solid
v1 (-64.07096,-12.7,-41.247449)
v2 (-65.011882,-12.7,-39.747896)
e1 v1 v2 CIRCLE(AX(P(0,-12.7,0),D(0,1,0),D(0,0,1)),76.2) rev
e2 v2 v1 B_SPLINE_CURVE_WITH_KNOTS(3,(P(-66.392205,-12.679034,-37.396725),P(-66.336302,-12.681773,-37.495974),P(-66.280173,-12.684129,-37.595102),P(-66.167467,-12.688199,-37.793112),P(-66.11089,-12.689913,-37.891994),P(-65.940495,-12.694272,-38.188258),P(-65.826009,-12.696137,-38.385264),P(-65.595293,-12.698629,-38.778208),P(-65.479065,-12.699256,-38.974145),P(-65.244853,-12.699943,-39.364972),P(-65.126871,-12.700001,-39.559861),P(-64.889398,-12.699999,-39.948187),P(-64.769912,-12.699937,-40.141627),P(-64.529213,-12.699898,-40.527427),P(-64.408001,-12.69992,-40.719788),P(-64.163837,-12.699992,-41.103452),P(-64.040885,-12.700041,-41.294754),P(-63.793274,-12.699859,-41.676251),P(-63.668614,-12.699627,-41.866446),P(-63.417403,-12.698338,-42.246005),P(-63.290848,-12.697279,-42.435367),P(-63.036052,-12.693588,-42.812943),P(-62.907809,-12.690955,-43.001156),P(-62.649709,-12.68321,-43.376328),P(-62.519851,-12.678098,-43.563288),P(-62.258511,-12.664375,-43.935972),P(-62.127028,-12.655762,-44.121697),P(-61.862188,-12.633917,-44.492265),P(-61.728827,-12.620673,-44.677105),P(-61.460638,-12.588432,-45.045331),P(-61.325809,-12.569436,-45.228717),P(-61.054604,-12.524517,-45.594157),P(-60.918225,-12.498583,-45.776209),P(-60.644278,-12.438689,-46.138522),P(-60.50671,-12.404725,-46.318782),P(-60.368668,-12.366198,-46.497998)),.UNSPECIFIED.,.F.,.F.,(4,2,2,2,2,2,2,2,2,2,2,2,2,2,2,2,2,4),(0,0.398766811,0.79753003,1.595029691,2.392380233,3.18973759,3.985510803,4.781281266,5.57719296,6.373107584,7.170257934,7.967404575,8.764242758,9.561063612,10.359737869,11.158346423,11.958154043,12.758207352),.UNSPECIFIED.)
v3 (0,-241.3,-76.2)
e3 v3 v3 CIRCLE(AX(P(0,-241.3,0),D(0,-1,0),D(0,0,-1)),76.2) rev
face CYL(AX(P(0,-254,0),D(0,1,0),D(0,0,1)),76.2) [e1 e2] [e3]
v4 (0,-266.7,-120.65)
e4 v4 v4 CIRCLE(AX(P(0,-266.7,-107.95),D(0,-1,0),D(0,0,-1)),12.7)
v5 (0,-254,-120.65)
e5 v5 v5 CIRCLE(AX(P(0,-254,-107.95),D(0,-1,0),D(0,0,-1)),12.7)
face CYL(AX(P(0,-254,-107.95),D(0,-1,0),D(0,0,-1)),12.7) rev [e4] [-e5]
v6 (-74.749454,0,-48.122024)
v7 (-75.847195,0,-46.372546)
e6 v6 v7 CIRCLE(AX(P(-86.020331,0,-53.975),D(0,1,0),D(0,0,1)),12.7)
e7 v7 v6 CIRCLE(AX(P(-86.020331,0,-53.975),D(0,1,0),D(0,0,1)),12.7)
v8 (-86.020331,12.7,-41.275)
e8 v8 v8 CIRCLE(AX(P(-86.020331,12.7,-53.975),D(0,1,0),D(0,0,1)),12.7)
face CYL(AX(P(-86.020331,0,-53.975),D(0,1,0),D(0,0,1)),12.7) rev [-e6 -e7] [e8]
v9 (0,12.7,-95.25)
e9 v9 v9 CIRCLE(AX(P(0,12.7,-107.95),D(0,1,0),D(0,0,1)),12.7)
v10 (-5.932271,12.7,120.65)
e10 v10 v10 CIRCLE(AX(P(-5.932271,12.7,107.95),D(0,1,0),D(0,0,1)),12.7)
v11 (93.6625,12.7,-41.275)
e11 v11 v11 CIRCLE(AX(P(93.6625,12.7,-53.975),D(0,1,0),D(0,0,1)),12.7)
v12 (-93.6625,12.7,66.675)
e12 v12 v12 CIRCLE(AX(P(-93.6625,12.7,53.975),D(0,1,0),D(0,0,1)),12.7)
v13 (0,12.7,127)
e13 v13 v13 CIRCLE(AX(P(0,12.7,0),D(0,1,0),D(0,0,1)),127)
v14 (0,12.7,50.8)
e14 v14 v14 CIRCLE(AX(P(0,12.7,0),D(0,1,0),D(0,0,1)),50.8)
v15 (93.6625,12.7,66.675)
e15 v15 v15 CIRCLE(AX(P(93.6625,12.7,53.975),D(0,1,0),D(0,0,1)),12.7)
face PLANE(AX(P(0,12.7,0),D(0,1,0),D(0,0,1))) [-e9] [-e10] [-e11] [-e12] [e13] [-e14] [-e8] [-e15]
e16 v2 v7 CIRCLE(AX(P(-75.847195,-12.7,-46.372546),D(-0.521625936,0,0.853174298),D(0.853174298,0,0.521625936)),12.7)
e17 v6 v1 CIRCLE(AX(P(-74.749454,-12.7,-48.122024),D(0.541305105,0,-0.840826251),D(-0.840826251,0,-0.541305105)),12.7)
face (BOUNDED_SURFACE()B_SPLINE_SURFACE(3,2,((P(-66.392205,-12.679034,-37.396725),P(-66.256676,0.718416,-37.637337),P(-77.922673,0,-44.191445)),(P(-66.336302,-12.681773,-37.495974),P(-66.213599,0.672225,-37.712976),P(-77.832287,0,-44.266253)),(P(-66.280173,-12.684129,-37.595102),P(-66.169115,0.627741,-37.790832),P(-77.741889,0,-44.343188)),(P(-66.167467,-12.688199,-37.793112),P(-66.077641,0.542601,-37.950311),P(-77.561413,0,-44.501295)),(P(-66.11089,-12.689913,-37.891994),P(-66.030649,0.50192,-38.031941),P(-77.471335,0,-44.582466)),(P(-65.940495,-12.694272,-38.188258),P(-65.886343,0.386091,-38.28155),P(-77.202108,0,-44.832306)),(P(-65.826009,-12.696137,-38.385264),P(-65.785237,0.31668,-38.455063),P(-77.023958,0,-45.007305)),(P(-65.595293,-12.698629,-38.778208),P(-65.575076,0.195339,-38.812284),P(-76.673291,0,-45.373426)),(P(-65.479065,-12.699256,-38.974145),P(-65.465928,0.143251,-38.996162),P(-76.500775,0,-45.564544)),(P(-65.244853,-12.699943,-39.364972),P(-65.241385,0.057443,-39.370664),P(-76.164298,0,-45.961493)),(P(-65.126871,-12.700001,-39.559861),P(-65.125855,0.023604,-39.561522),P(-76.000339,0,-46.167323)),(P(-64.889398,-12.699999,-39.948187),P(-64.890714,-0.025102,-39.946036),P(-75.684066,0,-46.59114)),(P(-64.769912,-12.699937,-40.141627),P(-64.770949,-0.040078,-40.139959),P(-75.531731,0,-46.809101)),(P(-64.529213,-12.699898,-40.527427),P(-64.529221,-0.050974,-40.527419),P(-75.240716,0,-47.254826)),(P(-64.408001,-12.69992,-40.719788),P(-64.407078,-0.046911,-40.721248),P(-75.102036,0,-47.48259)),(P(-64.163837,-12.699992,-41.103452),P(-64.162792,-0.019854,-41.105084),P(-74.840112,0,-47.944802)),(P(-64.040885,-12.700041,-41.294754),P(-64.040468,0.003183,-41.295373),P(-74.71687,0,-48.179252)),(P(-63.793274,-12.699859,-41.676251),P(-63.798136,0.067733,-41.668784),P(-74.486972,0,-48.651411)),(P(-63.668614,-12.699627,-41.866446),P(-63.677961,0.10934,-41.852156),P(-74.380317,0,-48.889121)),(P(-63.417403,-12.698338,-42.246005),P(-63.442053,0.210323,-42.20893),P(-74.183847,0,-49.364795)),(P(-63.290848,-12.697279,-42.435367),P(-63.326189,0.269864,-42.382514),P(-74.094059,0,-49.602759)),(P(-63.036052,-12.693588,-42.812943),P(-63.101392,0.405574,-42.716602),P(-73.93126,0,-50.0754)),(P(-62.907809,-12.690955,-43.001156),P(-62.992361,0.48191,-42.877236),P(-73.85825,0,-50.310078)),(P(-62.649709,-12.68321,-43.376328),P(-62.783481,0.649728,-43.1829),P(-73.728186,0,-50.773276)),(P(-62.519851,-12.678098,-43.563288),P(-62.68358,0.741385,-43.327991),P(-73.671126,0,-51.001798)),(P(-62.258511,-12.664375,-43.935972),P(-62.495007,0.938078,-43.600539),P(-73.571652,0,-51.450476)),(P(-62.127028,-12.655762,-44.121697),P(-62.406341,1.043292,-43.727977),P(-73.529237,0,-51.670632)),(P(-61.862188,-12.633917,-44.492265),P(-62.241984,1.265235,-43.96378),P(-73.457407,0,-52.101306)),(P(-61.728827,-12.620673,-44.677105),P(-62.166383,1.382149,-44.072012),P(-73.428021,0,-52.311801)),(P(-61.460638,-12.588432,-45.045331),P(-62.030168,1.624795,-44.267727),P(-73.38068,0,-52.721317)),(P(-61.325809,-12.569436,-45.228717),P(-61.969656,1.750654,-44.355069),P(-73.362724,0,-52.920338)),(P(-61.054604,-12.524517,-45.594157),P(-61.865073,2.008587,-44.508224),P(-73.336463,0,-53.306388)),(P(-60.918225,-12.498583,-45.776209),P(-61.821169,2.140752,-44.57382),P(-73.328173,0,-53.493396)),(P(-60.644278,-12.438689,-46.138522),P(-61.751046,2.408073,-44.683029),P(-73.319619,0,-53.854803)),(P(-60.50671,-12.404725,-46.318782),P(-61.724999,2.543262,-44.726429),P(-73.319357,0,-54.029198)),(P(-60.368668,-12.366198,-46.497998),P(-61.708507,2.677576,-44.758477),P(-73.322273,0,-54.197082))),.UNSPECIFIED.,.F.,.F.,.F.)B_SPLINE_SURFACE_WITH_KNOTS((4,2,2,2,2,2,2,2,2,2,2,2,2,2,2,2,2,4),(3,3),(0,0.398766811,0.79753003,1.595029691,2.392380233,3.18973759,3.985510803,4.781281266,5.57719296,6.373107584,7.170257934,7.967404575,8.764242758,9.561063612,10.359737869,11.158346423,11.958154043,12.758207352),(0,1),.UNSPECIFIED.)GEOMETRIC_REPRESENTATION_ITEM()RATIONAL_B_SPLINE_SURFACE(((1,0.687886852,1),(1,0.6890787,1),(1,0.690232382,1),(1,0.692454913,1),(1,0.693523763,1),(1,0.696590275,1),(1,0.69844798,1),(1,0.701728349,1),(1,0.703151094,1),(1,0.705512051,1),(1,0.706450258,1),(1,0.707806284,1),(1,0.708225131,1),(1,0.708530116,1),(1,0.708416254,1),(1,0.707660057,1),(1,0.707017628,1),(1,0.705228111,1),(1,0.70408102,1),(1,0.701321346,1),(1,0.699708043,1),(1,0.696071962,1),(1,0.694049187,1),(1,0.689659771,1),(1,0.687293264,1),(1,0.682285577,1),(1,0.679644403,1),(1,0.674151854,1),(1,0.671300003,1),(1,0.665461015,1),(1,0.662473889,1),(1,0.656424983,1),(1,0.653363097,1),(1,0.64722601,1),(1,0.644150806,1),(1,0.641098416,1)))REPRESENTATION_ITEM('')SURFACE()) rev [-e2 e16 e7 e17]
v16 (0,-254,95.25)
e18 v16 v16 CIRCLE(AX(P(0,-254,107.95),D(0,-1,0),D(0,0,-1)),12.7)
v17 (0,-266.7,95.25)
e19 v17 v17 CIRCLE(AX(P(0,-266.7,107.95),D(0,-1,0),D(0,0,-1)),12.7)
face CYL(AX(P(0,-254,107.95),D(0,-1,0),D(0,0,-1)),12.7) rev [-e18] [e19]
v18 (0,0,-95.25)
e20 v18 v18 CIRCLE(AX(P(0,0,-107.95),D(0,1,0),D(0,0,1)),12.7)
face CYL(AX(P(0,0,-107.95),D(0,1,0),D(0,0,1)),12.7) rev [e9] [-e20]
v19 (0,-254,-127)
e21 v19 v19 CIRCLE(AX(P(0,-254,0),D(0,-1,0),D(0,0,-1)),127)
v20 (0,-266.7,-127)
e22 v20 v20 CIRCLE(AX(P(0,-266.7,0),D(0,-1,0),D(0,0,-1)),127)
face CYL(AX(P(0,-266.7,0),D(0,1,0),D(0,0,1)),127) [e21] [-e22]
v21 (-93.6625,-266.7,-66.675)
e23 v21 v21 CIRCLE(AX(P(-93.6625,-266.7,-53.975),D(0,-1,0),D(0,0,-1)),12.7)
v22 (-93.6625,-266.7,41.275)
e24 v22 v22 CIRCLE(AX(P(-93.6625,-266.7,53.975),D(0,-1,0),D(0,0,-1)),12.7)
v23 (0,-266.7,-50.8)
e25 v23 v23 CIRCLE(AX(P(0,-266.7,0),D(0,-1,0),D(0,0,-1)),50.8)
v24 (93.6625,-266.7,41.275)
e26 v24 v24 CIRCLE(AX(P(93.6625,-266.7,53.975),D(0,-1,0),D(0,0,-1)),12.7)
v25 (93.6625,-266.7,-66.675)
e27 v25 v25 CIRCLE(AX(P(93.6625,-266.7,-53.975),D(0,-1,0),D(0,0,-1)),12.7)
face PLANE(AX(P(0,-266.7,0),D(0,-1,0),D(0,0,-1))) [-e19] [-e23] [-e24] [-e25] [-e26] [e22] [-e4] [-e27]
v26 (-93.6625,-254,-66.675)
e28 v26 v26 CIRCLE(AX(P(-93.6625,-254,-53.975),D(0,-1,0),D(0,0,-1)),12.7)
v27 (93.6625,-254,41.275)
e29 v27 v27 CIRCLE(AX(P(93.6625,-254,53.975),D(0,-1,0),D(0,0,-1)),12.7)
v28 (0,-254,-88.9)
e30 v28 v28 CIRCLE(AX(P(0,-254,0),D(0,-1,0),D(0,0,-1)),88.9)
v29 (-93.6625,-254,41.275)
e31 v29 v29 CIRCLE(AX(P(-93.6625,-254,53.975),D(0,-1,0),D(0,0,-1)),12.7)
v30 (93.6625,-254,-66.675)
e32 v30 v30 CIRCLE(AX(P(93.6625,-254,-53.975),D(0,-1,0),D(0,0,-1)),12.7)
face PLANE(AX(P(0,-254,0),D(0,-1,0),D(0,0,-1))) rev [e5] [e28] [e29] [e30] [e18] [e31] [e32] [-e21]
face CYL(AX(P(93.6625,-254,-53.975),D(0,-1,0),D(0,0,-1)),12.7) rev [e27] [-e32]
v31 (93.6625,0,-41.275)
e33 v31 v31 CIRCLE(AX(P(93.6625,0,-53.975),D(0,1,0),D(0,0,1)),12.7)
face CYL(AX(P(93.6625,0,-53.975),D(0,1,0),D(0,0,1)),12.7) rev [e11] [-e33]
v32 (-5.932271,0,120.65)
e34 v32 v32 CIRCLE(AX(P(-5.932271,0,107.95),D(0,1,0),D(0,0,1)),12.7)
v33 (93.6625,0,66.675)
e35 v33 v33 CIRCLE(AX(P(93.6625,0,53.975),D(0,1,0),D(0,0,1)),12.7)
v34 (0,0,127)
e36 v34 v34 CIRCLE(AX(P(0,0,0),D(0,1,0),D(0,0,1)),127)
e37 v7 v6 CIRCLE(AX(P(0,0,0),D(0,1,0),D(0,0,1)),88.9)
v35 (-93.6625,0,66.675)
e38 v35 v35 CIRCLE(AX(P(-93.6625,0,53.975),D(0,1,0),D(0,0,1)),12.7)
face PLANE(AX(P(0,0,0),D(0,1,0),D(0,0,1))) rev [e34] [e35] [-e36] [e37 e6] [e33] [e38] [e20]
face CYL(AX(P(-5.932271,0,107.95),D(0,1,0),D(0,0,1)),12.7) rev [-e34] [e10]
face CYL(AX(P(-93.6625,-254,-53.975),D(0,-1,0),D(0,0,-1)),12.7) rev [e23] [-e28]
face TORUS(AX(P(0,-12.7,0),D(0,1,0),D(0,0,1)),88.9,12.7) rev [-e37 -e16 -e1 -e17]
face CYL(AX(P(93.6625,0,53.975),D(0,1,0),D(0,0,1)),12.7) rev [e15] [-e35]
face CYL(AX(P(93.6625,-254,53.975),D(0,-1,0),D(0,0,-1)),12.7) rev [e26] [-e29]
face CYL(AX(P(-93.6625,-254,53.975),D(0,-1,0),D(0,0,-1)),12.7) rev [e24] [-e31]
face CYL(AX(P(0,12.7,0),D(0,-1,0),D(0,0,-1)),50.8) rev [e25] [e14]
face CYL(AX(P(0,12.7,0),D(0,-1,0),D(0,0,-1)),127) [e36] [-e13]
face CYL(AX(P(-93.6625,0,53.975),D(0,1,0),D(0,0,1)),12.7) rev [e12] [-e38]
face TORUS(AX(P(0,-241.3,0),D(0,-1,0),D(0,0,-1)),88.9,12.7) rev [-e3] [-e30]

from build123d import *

# Parameters (mm, degrees)
SKETCH1_R           = 127
SKETCH1_R_2         = 50.8
BOSS_EXTRUDE1_DEPTH = 12.7
SKETCH2_R           = 12.7
CUT_EXTRUDE1_DEPTH  = 12.7
SKETCH3_R           = 76.2
BOSS_EXTRUDE2_DEPTH = 254
FILLET1_R           = 12.7
CUT_EXTRUDE2_START  = -254
SKETCH4_R           = 50.8
CUT_EXTRUDE2_DEPTH  = 254
BOSS_EXTRUDE3_START = 12.7
SKETCH5_R           = 127
BOSS_EXTRUDE3_DEPTH = 12.7
SKETCH6_R           = 50.8
CUT_EXTRUDE3_DEPTH  = 12.7
CUT_EXTRUDE4_START  = -12.7
SKETCH7_R           = 12.7
CUT_EXTRUDE4_DEPTH  = 12.7
FILLET2_R           = 12.7


with BuildPart() as part:
    # Sketch1 → Boss-Extrude1 (new body)
    with BuildSketch(Plane(origin=(0, 0, 0), x_dir=(1, 0, 0), z_dir=(0, 1, 0))):
        with Locations(Location((0, 0, 0), (0, 0, 270))):
            Circle(SKETCH1_R)
        with Locations(Location((0, 0, 0), (0, 0, 270))):
            Circle(SKETCH1_R_2, mode=Mode.SUBTRACT)
    extrude(amount=BOSS_EXTRUDE1_DEPTH)

    # Sketch2 → Cut-Extrude1 (cut)
    with BuildSketch(Plane(origin=(0, 12.7, 0), x_dir=(1, 0, 0), z_dir=(0, 1, 0))):
        with Locations(Location((0, 107.95, 0), (0, 0, 270))):
            Circle(SKETCH2_R)
        with Locations(Location((-5.932270911, -107.95, 0), (0, 0, 270))):
            Circle(SKETCH2_R)
        with Locations(Location((-86.020330735, 53.975, 0), (0, 0, 270))):
            Circle(SKETCH2_R)
        with Locations(Location((-93.6625, -53.975, 0), (0, 0, 270))):
            Circle(SKETCH2_R)
        with Locations(Location((93.6625, -53.975, 0), (0, 0, 270))):
            Circle(SKETCH2_R)
        with Locations(Location((93.6625, 53.975, 0), (0, 0, 270))):
            Circle(SKETCH2_R)
    extrude(amount=-CUT_EXTRUDE1_DEPTH, mode=Mode.SUBTRACT)

    # Sketch3 → Boss-Extrude2 (add)
    with BuildSketch(Plane.XZ):
        with Locations(Location((0, 0, 0), (0, 0, 90))):
            Circle(SKETCH3_R)
    extrude(amount=BOSS_EXTRUDE2_DEPTH)

    # Fillet1
    fillet1_edges = [part.edges().sort_by_distance(p)[0] for p in [
        (0, 0, -76.2),
    ]]
    fillet(fillet1_edges, radius=FILLET1_R)

    # Sketch4 → Cut-Extrude2 (cut)
    with BuildSketch(Plane(origin=(0, 0, 0), x_dir=(1, 0, 0), z_dir=(0, 1, 0)).offset(CUT_EXTRUDE2_START)):
        with Locations(Location((0, 0, 0), (0, 0, 270))):
            Circle(SKETCH4_R)
    extrude(amount=CUT_EXTRUDE2_DEPTH, mode=Mode.SUBTRACT)

    # Sketch5 → Boss-Extrude3 (add)
    with BuildSketch(Plane.XZ.offset(254).offset(BOSS_EXTRUDE3_START)):
        with Locations(Location((0, 0, 0), (0, 0, 90))):
            Circle(SKETCH5_R)
    extrude(amount=-BOSS_EXTRUDE3_DEPTH)

    # Sketch6 → Cut-Extrude3 (cut)
    with BuildSketch(Plane.XZ.offset(266.7)):
        with Locations(Location((0, 0, 0), (0, 0, 270))):
            Circle(SKETCH6_R)
    extrude(amount=-CUT_EXTRUDE3_DEPTH, mode=Mode.SUBTRACT)

    # Sketch7 → Cut-Extrude4 (cut)
    with BuildSketch(Plane(origin=(0, -266.7, 0), x_dir=(-1, 0, 0), z_dir=(0, -1, 0)).offset(CUT_EXTRUDE4_START)):
        with Locations(Location((0, -107.95, 0), (0, 0, 90))):
            Circle(SKETCH7_R)
        with Locations(Location((0, 107.95, 0), (0, 0, 270))):
            Circle(SKETCH7_R)
        with Locations(Location((-93.6625, 53.975, 0), (0, 0, 270))):
            Circle(SKETCH7_R)
        with Locations(Location((-93.6625, -53.975, 0), (0, 0, 270))):
            Circle(SKETCH7_R)
        with Locations(Location((93.6625, -53.975, 0), (0, 0, 270))):
            Circle(SKETCH7_R)
        with Locations(Location((93.6625, 53.975, 0), (0, 0, 90))):
            Circle(SKETCH7_R)
    extrude(amount=CUT_EXTRUDE4_DEPTH, mode=Mode.SUBTRACT)

    # Fillet2
    fillet2_edges = [part.edges().sort_by_distance(p)[0] for p in [
        (0, -254, -76.2),
    ]]
    fillet(fillet2_edges, radius=FILLET2_R)


solid = part.part
